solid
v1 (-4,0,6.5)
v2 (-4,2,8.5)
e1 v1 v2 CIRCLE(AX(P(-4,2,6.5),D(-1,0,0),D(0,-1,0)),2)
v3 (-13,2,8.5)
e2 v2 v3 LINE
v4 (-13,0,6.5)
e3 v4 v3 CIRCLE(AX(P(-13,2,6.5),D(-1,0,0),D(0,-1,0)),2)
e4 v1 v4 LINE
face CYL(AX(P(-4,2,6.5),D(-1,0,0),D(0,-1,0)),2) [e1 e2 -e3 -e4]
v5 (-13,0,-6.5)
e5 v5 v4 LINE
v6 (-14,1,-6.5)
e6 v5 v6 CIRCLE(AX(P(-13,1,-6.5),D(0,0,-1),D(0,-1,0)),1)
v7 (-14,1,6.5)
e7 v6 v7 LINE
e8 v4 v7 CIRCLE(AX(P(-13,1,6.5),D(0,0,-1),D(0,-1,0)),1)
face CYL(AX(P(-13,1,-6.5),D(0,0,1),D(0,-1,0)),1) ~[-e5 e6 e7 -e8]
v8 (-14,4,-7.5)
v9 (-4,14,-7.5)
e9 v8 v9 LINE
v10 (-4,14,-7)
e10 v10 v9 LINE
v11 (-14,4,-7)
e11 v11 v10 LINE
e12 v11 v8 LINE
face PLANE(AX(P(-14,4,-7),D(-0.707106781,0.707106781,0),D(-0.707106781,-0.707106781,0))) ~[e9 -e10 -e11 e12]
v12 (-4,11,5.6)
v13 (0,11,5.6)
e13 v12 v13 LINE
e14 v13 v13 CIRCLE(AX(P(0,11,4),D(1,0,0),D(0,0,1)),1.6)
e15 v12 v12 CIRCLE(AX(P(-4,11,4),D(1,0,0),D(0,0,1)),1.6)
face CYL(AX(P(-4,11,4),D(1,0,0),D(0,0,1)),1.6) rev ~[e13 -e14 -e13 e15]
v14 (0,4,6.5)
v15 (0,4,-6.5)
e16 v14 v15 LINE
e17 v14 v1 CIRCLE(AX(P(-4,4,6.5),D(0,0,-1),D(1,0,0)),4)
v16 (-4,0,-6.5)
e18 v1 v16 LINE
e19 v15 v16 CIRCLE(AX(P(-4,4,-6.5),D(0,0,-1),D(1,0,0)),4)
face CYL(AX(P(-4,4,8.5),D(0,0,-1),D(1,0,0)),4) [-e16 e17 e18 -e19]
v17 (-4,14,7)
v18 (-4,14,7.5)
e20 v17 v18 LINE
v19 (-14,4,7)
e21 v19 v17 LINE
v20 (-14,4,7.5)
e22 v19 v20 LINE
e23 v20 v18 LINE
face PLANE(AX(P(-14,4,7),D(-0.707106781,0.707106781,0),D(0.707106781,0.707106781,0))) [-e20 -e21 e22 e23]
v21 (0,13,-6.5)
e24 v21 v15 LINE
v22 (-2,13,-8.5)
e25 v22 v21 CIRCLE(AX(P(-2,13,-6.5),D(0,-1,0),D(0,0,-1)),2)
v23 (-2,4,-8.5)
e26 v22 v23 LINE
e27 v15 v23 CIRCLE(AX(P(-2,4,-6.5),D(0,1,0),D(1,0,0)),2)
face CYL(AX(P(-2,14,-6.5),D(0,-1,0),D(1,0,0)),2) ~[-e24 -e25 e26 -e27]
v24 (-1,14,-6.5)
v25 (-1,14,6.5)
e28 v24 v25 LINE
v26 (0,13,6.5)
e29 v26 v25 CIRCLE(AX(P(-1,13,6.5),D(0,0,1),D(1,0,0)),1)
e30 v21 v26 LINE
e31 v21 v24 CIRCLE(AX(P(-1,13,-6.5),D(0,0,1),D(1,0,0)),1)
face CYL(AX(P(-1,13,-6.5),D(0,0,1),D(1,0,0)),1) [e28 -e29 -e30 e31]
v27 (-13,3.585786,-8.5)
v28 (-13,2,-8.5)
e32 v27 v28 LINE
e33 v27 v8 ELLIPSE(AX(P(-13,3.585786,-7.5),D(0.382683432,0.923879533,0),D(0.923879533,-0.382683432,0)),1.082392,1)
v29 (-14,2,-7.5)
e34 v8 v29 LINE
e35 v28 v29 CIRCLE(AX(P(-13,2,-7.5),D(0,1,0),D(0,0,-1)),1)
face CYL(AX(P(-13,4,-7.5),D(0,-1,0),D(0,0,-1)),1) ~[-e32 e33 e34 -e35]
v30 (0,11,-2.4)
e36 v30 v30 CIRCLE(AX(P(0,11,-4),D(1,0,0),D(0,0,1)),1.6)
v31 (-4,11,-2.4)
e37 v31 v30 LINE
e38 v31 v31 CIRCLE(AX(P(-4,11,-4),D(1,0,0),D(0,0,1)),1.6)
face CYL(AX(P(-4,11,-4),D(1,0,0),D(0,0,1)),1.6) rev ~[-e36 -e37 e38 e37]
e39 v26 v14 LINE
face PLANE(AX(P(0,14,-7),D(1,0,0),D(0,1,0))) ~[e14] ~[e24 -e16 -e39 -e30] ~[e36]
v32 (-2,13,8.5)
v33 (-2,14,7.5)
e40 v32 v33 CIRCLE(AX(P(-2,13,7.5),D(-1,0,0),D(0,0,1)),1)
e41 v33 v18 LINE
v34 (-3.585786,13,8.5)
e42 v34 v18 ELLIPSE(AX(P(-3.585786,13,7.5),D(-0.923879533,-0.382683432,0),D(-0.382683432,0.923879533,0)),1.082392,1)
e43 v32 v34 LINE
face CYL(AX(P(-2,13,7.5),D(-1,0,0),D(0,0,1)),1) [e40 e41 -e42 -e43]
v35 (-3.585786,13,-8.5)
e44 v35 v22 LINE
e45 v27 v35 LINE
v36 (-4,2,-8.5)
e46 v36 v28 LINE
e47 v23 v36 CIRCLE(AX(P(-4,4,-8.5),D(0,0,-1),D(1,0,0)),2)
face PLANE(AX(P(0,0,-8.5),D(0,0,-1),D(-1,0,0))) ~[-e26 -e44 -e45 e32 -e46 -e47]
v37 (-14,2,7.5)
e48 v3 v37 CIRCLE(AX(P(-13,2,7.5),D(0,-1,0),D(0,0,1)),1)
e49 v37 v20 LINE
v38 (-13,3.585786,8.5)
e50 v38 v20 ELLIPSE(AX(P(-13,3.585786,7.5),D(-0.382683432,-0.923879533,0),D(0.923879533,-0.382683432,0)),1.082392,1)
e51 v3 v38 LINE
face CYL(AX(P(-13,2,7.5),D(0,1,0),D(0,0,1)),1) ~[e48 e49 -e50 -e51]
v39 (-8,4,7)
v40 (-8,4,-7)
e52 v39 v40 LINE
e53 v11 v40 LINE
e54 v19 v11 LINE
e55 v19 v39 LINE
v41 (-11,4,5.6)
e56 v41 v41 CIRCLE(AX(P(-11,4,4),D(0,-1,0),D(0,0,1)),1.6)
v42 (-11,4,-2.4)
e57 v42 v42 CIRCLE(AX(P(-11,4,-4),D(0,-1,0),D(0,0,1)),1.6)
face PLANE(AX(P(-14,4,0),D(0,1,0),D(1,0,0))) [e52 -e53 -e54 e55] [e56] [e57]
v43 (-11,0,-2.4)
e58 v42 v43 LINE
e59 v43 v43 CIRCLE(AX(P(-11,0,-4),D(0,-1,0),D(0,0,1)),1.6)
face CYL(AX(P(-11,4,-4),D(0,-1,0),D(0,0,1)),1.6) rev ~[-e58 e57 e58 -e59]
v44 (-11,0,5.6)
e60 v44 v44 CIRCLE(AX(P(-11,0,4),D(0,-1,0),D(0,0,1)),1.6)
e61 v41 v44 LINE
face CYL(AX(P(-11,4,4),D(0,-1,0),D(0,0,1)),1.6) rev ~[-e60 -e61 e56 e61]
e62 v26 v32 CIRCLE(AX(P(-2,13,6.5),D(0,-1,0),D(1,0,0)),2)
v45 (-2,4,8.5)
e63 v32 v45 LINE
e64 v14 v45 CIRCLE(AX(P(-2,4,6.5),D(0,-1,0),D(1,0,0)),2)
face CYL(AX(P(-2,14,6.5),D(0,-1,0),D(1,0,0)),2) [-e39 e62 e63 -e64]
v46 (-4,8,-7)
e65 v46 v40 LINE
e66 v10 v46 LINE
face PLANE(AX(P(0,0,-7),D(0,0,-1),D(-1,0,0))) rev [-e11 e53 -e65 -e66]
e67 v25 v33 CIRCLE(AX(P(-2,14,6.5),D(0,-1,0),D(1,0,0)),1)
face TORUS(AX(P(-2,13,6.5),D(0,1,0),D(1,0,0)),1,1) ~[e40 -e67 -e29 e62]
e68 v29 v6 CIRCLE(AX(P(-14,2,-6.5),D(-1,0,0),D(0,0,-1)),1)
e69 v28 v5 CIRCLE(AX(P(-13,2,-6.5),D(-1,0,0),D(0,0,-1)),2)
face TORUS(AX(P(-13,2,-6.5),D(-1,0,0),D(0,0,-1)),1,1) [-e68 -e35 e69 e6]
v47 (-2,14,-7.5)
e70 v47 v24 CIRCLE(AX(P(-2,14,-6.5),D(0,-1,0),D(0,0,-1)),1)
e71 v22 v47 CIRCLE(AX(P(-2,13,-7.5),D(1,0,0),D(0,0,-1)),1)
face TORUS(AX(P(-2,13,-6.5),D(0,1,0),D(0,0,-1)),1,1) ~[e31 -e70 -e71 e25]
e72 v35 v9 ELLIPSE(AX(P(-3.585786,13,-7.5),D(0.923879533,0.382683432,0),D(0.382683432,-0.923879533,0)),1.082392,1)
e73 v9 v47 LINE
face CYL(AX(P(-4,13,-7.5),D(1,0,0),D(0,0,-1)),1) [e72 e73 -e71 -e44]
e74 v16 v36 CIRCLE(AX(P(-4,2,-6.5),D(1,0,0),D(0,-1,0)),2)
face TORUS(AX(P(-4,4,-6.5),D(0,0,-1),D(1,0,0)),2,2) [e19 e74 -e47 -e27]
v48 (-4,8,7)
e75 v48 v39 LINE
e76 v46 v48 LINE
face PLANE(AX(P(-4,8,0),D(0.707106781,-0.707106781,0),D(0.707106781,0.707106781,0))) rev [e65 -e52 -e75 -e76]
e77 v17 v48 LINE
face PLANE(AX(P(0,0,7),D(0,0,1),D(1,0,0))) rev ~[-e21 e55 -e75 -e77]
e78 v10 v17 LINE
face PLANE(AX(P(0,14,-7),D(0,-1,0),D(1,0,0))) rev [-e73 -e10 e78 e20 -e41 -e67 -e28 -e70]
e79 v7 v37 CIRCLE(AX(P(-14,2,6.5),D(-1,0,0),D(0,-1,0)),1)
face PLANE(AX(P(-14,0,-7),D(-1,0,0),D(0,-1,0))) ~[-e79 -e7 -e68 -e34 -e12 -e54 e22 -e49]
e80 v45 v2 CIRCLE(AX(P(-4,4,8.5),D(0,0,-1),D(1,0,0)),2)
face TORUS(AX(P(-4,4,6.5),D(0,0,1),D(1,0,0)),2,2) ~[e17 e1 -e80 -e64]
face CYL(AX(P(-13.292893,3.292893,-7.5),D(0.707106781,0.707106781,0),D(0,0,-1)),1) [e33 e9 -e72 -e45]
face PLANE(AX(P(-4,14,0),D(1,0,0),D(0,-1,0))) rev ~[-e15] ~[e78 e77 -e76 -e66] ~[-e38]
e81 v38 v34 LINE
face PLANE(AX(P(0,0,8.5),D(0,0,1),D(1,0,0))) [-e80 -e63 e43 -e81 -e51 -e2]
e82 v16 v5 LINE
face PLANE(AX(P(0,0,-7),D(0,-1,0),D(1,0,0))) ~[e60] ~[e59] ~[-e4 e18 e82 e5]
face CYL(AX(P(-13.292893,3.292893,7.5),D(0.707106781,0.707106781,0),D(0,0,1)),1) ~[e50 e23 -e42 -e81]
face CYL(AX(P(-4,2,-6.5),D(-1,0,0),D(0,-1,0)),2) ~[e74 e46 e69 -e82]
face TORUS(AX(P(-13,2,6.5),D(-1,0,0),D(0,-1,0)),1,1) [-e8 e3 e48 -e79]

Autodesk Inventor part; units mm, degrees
ref_plane "YZ Plane" through (0, 0, 0) normal (1, 0, 0) x (0, 1, 0)
ref_plane "XZ Plane" through (0, 0, 0) normal (0, 1, 0) x (-1, 0, 0)
ref_plane "XY Plane" through (0, 0, 0) normal (0, 0, 1) x (1, 0, 0)
sketch "スケッチ1" plane through (0, 0, 0) normal (0, 0, 1) x (1, 0, 0)
  line L0 (0, 0) -> (-14, 0)
  line L1 (-14, 0) -> (-14, 14)
  line L2 (-14, 14) -> (0, 14)
  line L3 (0, 14) -> (0, 0)
  line L4 (-4, 14) -> (-14, 4)
  line L5 (-14, 4) -> (0, 4)
  line L6 (-4, 14) -> (-4, 0)
  line L7 (-4, 8) -> (-8, 4)
  dimension "d0" = 14
  dimension "d1" = 14
  dimension "d2" = 4
  dimension "d3" = 4
  dimension "d4" = 6
extrude "押し出し1" add sketch "スケッチ1" along normal blind 7 contours L0 L6 L5 L3 | L0 L1 L5 L6 | L5 L6 L2 L3 | L5 L7 L6
sketch "スケッチ2" plane through (0, 0, 7) normal (0, 0, 1) x (1, 0, 0)
  line L0 (-8, 4) -> (-14, 4) projected
  line L1 (0, 14) -> (-4, 14) projected
  line L2 (-14, 4) -> (-4, 14)
  line L3 (-4, 14) -> (0, 14)
  line L4 (0, 14) -> (0, 0)
  line L5 (0, 0) -> (-14, 0)
  line L6 (-14, 0) -> (-14, 4)
extrude "押し出し2" add sketch "スケッチ2" along normal blind 1.5
mirror "ミラー1" about plane through (-7, 7, 0) normal (0, 0, -1) of "押し出し1", "押し出し2"
sketch "スケッチ3" plane through (-4, 8, 7) normal (-1, 0, 0) x (0, 0, 1)
  line L0 (-14, 6) -> (0, 6) projected
  line L1 (-7, 6) -> (-7, 0)
  line L2 (0, 0) -> (-14, 0) projected
  line L3 (-14, 6) -> (-14, 0) projected
  line L4 (-14, 3) -> (0, 3)
  line L5 (0, 6) -> (0, -4) projected
  line L6 (-15.5, -8) -> (1.5, -8) projected
  point P0 (-7, -8)
  point P1 (-7, 3)
  point P2 (-3, 3)
  point P3 (-11, 3)
  dimension "d10" = 4
  dimension "d30" = 3
hole "穴1" at (-4, 11, -4) at (-4, 11, 4) direction (1, 0, 0) diameter 3.2 depth 20 tip angle 118
sketch "スケッチ4" plane through (-14, 4, 7) normal (0, 1, 0) x (1, 0, 0)
  line L0 (0, 14) -> (0, 0) projected
  line L1 (0, 7) -> (6, 7)
  line L2 (6, 14) -> (6, 0) projected
  line L3 (6, 0) -> (0, 0) projected
  line L4 (3, 0) -> (3, 14)
  line L5 (6, 14) -> (0, 14) projected
  point P0 (14, 7)
  point P1 (3, 7)
  point P2 (3, 3)
  point P3 (3, 11)
  dimension "d18" = 3
  dimension "d19" = 4
hole "穴2" at (-11, 4, -4) at (-11, 4, 4) direction (0, -1, 0) diameter 3.2 depth 20 tip angle 118
fillet "フィレット1" radius 4 1 edges at (0, 0, 0)
fillet "フィレット2" radius 2 6 edges at (-1.1716, 1.1716, 8.5) (0, 9, 8.5) (-9, 0, 8.5) (0, 9, -8.5) (-9, 0, -8.5) (-1.1716, 1.1716, -8.5)
fillet "フィレット3" radius 1 12 edges at (-0.5858, 14, 7.9142) (-3, 14, 8.5) (-0.5858, 14, -7.9142) (-3, 14, -8.5) (0, 14, 0) (-9, 9, 8.5) (-9, 9, -8.5) (-14, 0.5858, 7.9142) (-14, 3, 8.5) (-14, 0.5858, -7.9142) (-14, 3, -8.5) (-14, 0, 0)
properties part number "link2part3"
